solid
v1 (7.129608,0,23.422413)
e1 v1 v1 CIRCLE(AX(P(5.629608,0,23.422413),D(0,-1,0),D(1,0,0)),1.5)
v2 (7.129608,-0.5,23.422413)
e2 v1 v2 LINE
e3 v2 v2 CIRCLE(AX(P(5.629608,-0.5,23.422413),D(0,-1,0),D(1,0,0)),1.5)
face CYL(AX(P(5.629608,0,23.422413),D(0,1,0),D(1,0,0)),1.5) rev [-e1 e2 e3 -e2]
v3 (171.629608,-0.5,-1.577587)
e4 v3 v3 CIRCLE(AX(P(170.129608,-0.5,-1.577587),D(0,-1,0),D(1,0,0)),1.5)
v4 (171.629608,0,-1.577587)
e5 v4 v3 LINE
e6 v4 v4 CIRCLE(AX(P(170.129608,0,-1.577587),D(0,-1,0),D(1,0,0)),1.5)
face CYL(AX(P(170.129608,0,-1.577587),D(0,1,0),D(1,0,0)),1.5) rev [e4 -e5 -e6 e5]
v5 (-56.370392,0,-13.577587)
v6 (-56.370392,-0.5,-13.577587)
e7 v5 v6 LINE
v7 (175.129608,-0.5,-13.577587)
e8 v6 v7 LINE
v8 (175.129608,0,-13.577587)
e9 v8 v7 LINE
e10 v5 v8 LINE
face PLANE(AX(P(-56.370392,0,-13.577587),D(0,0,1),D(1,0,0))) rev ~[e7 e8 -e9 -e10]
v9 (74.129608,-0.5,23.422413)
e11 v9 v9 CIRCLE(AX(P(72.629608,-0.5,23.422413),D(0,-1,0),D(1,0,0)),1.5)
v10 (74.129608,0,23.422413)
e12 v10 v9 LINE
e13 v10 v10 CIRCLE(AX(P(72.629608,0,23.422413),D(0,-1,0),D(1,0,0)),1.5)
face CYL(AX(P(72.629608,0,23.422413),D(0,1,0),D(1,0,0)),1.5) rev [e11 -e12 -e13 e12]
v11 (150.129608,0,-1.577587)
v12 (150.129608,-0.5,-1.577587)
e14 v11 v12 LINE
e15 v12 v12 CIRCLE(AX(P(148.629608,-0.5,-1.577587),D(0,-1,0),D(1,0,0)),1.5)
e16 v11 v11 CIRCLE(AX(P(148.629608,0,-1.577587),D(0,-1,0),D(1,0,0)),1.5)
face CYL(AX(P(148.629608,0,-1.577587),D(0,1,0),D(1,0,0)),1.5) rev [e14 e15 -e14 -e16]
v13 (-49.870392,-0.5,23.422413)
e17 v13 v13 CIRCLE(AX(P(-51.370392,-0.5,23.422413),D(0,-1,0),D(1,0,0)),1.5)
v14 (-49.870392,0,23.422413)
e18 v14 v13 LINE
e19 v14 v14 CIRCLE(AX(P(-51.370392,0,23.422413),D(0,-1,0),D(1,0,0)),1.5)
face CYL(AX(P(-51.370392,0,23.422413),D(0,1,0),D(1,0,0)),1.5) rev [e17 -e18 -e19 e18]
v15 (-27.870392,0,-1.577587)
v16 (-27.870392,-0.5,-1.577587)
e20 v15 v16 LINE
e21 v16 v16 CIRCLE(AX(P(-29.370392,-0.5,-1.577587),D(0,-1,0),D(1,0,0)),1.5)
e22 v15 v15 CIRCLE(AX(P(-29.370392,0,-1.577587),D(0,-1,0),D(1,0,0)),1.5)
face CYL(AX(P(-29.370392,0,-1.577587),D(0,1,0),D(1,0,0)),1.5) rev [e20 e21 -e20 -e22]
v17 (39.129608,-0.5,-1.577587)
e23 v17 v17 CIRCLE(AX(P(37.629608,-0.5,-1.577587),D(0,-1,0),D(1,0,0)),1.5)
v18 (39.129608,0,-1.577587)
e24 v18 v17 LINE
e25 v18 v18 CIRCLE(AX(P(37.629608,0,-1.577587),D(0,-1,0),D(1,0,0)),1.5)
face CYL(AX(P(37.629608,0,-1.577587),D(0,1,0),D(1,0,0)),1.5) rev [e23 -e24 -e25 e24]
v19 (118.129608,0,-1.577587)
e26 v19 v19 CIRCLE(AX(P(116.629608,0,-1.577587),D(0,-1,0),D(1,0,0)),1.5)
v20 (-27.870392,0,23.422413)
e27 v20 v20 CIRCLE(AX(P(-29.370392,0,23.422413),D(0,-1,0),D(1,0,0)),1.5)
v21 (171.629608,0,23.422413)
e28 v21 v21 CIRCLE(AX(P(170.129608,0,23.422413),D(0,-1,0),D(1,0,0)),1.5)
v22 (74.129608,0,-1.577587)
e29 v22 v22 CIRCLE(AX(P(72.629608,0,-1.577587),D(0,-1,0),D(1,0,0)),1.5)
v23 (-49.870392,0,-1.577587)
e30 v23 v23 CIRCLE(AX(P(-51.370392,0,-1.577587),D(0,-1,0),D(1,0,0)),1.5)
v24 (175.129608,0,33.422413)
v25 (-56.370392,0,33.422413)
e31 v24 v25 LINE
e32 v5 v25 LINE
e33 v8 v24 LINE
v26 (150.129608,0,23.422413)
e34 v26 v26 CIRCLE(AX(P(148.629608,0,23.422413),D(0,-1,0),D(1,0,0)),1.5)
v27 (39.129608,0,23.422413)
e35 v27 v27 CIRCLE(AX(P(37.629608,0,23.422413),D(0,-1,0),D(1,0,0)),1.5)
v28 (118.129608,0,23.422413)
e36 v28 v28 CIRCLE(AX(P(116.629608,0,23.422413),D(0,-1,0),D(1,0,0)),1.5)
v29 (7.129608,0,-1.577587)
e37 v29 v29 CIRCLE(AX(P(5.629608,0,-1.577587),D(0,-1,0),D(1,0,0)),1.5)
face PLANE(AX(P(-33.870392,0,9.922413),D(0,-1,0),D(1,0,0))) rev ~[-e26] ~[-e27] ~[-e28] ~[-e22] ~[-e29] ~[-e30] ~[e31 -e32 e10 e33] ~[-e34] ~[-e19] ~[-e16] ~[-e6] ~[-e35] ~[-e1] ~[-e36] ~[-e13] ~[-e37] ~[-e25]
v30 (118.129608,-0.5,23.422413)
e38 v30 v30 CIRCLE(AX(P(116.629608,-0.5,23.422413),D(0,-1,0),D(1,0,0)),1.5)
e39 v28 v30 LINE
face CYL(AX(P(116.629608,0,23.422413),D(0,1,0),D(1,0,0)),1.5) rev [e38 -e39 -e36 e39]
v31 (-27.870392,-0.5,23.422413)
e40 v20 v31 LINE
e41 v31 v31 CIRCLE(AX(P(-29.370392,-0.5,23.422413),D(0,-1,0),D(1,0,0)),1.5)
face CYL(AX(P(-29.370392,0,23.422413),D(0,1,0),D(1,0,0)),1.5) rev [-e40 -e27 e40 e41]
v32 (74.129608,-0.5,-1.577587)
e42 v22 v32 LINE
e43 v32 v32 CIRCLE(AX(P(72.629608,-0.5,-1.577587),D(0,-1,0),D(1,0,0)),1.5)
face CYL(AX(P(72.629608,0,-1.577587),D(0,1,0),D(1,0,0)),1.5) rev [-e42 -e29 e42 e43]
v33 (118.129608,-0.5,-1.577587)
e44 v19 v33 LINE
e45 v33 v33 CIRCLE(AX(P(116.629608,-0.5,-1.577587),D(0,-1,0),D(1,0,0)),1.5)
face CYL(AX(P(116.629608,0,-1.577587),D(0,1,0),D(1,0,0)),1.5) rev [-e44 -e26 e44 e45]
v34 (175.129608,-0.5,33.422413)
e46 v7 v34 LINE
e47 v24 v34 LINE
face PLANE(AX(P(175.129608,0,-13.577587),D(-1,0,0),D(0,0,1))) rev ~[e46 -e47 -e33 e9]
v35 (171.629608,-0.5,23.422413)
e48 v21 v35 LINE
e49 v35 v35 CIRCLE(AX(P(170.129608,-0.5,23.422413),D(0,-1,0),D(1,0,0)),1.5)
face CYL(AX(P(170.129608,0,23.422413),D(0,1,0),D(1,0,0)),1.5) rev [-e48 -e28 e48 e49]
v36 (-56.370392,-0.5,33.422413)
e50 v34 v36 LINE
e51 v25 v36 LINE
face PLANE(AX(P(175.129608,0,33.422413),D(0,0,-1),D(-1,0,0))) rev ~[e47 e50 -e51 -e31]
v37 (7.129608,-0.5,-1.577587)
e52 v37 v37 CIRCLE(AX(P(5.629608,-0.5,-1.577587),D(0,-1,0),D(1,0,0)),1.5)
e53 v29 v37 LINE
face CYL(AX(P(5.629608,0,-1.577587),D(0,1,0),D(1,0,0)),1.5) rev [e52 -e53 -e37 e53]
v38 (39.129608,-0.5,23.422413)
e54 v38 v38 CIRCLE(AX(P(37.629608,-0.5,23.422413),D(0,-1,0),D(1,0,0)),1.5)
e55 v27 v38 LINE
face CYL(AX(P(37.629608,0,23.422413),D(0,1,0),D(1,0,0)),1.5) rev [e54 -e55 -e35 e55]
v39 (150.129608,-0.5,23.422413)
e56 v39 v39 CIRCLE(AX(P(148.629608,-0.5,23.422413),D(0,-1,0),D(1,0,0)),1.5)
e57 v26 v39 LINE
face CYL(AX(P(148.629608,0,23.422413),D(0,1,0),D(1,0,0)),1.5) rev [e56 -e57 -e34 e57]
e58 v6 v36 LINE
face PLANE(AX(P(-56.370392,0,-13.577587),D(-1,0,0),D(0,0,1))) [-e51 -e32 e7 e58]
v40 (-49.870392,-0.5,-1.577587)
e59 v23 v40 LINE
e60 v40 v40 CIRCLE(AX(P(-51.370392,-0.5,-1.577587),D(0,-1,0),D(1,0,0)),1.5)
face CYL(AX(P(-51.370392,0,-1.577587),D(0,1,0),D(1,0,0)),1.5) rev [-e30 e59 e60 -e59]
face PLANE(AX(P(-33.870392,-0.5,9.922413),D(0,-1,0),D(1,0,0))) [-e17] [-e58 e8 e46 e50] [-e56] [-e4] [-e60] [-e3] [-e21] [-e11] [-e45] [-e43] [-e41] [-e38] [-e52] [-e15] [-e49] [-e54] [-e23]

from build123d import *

# Parameters (mm, degrees)
F0_W     = 45
F0_H     = 47
F0_R     = 1.5
F0_W_2   = 66
F0_W_3   = 65.5
F0_W_4   = 10
F1_DEPTH = 0.5


with BuildPart() as f1:
    # F0 (on Front) → F1 (new body)
    with BuildSketch(Plane.XZ):
        with Locations((-33.870392, 9.922413)):
            Rectangle(F0_W, F0_H)
        with Locations((-51.370392, -1.577587)):
            Circle(F0_R, mode=Mode.SUBTRACT)
        with Locations((-29.370392, -1.577587)):
            Circle(F0_R, mode=Mode.SUBTRACT)
        with Locations((-51.370392, 23.422413)):
            Circle(F0_R, mode=Mode.SUBTRACT)
        with Locations((-29.370392, 23.422413)):
            Circle(F0_R, mode=Mode.SUBTRACT)
        with Locations((21.629608, 9.922413)):
            Rectangle(F0_W_2, F0_H)
        with Locations((5.629608, -1.577587)):
            Circle(F0_R, mode=Mode.SUBTRACT)
        with Locations((37.629608, -1.577587)):
            Circle(F0_R, mode=Mode.SUBTRACT)
        with Locations((5.629608, 23.422413)):
            Circle(F0_R, mode=Mode.SUBTRACT)
        with Locations((37.629608, 23.422413)):
            Circle(F0_R, mode=Mode.SUBTRACT)
        with Locations((77.129608, 9.922413)):
            Rectangle(F0_W, F0_H)
        with Locations((72.629608, -1.577587)):
            Circle(F0_R, mode=Mode.SUBTRACT)
        with Locations((72.629608, 23.422413)):
            Circle(F0_R, mode=Mode.SUBTRACT)
        with Locations((132.379608, 9.922413)):
            Rectangle(F0_W_3, F0_H)
        with Locations((116.629608, -1.577587)):
            Circle(F0_R, mode=Mode.SUBTRACT)
        with Locations((148.629608, -1.577587)):
            Circle(F0_R, mode=Mode.SUBTRACT)
        with Locations((116.629608, 23.422413)):
            Circle(F0_R, mode=Mode.SUBTRACT)
        with Locations((148.629608, 23.422413)):
            Circle(F0_R, mode=Mode.SUBTRACT)
        with Locations((170.129608, 9.922413)):
            Rectangle(F0_W_4, F0_H)
        with Locations((170.129608, -1.577587)):
            Circle(F0_R, mode=Mode.SUBTRACT)
        with Locations((170.129608, 23.422413)):
            Circle(F0_R, mode=Mode.SUBTRACT)
    extrude(amount=F1_DEPTH)


solid = f1.part
